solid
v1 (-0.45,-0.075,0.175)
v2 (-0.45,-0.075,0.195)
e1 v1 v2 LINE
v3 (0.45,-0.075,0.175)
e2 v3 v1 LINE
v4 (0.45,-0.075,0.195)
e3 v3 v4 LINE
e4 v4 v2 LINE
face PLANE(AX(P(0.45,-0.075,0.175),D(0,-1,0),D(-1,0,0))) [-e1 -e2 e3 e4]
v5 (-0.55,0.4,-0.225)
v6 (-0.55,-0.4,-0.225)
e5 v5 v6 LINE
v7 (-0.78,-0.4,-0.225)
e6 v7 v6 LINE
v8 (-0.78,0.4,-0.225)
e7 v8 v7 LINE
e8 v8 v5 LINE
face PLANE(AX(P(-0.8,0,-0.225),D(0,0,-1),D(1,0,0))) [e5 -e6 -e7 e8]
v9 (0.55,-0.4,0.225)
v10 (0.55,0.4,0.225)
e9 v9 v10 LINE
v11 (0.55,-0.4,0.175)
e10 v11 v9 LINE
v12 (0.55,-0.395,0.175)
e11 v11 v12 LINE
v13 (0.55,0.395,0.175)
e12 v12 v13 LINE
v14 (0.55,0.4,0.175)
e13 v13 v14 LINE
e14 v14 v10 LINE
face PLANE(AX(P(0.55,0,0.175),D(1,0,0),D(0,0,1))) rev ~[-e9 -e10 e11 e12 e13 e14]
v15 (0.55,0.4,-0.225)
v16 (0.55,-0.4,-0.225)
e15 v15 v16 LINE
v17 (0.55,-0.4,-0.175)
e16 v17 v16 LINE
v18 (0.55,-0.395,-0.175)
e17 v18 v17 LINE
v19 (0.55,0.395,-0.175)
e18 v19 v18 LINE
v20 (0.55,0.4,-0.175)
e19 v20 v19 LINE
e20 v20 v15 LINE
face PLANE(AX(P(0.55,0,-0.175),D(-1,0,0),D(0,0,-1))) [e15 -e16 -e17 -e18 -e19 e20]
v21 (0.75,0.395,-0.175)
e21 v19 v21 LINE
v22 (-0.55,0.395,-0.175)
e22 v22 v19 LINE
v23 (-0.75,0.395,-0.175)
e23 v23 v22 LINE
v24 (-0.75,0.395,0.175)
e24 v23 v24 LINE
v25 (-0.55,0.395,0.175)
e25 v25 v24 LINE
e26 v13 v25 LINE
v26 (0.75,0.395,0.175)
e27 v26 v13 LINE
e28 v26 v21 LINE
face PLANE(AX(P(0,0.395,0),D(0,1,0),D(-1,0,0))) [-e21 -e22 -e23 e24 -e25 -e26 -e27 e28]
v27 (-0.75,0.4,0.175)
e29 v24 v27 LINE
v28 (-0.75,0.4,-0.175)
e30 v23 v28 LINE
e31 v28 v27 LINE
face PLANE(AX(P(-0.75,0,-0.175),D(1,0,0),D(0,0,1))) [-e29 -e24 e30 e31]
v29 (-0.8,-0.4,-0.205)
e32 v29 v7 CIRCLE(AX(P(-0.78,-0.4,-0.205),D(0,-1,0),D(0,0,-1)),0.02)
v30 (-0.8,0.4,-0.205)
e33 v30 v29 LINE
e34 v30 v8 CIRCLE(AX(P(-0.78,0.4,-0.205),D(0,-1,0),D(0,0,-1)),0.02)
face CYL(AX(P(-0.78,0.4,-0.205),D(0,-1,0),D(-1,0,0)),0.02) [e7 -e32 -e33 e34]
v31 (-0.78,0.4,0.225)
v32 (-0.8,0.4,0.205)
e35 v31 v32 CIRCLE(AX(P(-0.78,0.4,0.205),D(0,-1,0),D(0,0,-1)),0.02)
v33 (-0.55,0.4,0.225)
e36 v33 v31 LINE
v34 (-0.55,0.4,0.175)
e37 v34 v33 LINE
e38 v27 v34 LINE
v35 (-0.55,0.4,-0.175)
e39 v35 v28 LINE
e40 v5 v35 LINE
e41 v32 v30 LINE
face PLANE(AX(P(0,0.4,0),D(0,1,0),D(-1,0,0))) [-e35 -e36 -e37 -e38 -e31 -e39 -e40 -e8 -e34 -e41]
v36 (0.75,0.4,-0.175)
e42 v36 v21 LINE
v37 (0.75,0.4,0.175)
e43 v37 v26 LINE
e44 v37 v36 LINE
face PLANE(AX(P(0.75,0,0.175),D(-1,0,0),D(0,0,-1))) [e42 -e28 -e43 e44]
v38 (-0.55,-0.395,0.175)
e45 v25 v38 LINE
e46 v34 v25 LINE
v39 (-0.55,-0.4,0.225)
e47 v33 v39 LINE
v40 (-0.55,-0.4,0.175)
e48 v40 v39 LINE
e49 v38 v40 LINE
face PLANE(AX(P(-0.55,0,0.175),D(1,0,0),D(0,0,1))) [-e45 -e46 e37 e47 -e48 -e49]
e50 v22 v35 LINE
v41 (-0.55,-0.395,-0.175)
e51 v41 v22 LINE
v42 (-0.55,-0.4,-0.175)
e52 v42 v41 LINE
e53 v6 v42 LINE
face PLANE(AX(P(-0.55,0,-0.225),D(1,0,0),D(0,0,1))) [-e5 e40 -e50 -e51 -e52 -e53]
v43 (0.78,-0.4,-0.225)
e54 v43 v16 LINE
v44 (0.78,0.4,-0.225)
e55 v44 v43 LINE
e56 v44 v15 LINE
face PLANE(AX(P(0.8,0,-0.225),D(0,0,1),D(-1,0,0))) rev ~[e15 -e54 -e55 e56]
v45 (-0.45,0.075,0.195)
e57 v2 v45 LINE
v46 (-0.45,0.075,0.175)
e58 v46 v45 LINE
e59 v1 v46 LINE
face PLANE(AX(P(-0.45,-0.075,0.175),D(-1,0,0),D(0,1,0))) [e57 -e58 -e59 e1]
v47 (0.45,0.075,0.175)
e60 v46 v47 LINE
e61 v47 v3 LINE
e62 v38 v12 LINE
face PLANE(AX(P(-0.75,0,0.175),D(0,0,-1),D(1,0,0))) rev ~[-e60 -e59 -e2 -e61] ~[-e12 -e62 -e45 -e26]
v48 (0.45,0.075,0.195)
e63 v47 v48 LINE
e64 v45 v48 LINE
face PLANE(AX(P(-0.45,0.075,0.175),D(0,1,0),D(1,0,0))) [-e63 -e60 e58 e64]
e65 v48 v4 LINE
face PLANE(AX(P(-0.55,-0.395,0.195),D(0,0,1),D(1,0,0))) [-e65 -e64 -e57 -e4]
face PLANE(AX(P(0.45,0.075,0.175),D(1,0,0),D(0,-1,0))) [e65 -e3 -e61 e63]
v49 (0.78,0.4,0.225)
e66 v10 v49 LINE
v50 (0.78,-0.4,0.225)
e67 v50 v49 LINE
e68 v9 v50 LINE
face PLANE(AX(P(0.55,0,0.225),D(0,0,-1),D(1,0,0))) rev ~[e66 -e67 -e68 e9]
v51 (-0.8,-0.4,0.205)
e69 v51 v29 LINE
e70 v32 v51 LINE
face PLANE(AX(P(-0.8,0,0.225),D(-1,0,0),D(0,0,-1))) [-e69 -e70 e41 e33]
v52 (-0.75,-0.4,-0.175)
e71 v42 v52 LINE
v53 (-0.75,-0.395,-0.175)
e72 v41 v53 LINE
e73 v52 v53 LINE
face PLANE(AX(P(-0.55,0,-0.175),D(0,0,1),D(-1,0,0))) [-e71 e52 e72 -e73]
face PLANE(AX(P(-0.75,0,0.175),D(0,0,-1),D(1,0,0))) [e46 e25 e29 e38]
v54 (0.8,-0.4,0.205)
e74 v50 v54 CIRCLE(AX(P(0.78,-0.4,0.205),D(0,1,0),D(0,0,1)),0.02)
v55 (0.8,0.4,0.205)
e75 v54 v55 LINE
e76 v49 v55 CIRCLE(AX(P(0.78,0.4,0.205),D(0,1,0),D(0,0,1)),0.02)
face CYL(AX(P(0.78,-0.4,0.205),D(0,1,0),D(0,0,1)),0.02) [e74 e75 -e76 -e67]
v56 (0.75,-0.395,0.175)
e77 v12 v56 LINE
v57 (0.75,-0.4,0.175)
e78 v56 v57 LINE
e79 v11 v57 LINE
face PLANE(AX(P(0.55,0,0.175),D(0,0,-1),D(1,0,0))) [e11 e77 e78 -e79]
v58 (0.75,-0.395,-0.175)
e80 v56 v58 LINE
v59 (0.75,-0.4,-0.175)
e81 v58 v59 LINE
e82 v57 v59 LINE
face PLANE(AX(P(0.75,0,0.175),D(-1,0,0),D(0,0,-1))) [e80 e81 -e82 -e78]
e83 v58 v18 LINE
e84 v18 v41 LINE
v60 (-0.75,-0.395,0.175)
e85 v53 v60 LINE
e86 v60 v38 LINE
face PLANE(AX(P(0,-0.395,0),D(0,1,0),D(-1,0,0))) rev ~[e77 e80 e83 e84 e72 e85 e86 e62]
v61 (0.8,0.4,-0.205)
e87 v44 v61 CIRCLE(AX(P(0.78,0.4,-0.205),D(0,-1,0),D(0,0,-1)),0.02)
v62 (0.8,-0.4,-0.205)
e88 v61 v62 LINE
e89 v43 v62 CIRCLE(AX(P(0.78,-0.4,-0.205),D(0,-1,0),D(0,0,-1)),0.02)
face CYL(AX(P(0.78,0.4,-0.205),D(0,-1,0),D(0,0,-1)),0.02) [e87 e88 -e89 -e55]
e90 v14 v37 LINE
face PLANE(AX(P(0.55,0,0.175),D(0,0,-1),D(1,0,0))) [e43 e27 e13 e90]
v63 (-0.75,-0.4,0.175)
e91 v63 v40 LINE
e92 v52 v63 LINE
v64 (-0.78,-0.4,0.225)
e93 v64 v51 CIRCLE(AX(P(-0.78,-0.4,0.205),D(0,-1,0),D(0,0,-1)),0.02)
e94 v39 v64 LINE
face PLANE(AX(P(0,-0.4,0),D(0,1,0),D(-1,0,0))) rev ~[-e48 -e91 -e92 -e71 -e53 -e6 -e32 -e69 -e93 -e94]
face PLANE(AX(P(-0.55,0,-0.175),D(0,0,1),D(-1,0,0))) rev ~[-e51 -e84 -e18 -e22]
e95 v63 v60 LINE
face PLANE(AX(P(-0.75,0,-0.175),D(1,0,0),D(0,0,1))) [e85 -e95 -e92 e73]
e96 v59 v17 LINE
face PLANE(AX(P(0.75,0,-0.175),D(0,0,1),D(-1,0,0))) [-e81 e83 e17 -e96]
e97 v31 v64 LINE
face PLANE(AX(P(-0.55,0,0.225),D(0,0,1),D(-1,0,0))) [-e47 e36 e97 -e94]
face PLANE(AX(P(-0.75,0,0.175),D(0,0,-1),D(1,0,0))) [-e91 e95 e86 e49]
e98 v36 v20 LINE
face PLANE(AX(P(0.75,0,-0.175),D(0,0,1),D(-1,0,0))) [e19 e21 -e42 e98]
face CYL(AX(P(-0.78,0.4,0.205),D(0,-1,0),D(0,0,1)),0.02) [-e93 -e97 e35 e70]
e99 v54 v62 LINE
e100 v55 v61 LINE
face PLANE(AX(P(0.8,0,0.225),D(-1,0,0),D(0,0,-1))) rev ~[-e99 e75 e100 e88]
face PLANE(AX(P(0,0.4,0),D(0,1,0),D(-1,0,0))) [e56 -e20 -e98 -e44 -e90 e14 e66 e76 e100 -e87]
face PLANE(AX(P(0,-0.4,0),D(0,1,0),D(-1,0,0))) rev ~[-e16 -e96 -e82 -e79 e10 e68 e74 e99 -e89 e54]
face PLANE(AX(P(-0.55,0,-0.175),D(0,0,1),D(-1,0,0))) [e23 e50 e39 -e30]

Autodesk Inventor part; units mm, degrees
ref_plane "YZ Plane" through (0, 0, 0) normal (1, 0, 0) x (0, 1, 0)
ref_plane "XZ Plane" through (0, 0, 0) normal (0, 1, 0) x (-1, 0, 0)
ref_plane "XY Plane" through (0, 0, 0) normal (0, 0, 1) x (1, 0, 0)
sketch "Sketch1" plane through (0, 0, 0) normal (0, 1, 0) x (-1, 0, 0)
  line L0 (0.75, 0.175) -> (-0.75, 0.175)
  line L1 (-0.75, 0.175) -> (-0.75, -0.175)
  line L2 (-0.75, -0.175) -> (0.75, -0.175)
  line L3 (0.75, -0.175) -> (0.75, 0.175)
  line L4 (0.55, 0.175) -> (0.55, 0.225)
  line L5 (0.55, 0.225) -> (0.8, 0.225)
  line L6 (0.8, 0.225) -> (0.8, -0.225)
  line L7 (0.8, -0.225) -> (0.55, -0.225)
  line L8 (0.55, -0.225) -> (0.55, -0.175)
  line L9 (-0.55, 0.175) -> (-0.55, 0.225)
  line L10 (-0.55, 0.225) -> (-0.8, 0.225)
  line L11 (-0.8, 0.225) -> (-0.8, -0.225)
  line L12 (-0.8, -0.225) -> (-0.55, -0.225)
  line L13 (-0.55, -0.175) -> (-0.55, -0.225)
  line L14 (0.55, 0.175) -> (-0.55, 0.175)
  point P0 (0, 0)
  point P1 (0, 0.175)
  point P2 (0.75, 0)
  dimension "d0" = 1.6
  dimension "d1" = 0.05
  dimension "d2" = 0.05
  dimension "d3" = 0.45
  dimension "d4" = 0.25
extrude "Extrusion1" add sketch "Sketch1" along normal mid plane 0.8 contours L0 L4 L5 L6 L7 L8 L2 L3 | L0 L1 L2 L13 L12 L11 L10 L9
extrude "Extrusion2" add sketch "Sketch1" along normal mid plane 0.79 contours L3 L2 L1 L0
sketch "Sketch2" plane through (-0.55, -0.395, 0.175) normal (0, 0, 1) x (1, 0, 0)
  line L0 (0, 0) -> (0, 0.79) projected
  line L1 (1.1, 0) -> (0, 0) projected
  line L2 (1.1, 0) -> (1.1, 0.79) projected
  line L3 (0, 0.79) -> (1.1, 0.79) projected
  line L4 (0, 0.395) -> (1.1, 0.395) construction
  line L5 (1, 0.32) -> (0.1, 0.32)
  line L6 (0.1, 0.32) -> (0.1, 0.47)
  line L7 (0.1, 0.47) -> (1, 0.47)
  line L8 (1, 0.47) -> (1, 0.32)
  line L9 (1, 0.32) -> (0.1, 0.47) construction
  line L10 (0.1, 0.32) -> (1, 0.47) construction
  point P0 (0.55, 0.395)
  dimension "d12" = 0.9
  dimension "d13" = 0.15
extrude "Extrusion3" add sketch "Sketch2" along normal blind 0.02 contours L5 L6 L7 L8
fillet "Fillet1" radius 0.02 4 edges at (-0.8, 0, 0.225) (-0.8, 0, -0.225) (0.8, 0, 0.225) (0.8, 0, -0.225)
equation "\"d2\" = d1"
properties part number "21-1001" material "Copper"
